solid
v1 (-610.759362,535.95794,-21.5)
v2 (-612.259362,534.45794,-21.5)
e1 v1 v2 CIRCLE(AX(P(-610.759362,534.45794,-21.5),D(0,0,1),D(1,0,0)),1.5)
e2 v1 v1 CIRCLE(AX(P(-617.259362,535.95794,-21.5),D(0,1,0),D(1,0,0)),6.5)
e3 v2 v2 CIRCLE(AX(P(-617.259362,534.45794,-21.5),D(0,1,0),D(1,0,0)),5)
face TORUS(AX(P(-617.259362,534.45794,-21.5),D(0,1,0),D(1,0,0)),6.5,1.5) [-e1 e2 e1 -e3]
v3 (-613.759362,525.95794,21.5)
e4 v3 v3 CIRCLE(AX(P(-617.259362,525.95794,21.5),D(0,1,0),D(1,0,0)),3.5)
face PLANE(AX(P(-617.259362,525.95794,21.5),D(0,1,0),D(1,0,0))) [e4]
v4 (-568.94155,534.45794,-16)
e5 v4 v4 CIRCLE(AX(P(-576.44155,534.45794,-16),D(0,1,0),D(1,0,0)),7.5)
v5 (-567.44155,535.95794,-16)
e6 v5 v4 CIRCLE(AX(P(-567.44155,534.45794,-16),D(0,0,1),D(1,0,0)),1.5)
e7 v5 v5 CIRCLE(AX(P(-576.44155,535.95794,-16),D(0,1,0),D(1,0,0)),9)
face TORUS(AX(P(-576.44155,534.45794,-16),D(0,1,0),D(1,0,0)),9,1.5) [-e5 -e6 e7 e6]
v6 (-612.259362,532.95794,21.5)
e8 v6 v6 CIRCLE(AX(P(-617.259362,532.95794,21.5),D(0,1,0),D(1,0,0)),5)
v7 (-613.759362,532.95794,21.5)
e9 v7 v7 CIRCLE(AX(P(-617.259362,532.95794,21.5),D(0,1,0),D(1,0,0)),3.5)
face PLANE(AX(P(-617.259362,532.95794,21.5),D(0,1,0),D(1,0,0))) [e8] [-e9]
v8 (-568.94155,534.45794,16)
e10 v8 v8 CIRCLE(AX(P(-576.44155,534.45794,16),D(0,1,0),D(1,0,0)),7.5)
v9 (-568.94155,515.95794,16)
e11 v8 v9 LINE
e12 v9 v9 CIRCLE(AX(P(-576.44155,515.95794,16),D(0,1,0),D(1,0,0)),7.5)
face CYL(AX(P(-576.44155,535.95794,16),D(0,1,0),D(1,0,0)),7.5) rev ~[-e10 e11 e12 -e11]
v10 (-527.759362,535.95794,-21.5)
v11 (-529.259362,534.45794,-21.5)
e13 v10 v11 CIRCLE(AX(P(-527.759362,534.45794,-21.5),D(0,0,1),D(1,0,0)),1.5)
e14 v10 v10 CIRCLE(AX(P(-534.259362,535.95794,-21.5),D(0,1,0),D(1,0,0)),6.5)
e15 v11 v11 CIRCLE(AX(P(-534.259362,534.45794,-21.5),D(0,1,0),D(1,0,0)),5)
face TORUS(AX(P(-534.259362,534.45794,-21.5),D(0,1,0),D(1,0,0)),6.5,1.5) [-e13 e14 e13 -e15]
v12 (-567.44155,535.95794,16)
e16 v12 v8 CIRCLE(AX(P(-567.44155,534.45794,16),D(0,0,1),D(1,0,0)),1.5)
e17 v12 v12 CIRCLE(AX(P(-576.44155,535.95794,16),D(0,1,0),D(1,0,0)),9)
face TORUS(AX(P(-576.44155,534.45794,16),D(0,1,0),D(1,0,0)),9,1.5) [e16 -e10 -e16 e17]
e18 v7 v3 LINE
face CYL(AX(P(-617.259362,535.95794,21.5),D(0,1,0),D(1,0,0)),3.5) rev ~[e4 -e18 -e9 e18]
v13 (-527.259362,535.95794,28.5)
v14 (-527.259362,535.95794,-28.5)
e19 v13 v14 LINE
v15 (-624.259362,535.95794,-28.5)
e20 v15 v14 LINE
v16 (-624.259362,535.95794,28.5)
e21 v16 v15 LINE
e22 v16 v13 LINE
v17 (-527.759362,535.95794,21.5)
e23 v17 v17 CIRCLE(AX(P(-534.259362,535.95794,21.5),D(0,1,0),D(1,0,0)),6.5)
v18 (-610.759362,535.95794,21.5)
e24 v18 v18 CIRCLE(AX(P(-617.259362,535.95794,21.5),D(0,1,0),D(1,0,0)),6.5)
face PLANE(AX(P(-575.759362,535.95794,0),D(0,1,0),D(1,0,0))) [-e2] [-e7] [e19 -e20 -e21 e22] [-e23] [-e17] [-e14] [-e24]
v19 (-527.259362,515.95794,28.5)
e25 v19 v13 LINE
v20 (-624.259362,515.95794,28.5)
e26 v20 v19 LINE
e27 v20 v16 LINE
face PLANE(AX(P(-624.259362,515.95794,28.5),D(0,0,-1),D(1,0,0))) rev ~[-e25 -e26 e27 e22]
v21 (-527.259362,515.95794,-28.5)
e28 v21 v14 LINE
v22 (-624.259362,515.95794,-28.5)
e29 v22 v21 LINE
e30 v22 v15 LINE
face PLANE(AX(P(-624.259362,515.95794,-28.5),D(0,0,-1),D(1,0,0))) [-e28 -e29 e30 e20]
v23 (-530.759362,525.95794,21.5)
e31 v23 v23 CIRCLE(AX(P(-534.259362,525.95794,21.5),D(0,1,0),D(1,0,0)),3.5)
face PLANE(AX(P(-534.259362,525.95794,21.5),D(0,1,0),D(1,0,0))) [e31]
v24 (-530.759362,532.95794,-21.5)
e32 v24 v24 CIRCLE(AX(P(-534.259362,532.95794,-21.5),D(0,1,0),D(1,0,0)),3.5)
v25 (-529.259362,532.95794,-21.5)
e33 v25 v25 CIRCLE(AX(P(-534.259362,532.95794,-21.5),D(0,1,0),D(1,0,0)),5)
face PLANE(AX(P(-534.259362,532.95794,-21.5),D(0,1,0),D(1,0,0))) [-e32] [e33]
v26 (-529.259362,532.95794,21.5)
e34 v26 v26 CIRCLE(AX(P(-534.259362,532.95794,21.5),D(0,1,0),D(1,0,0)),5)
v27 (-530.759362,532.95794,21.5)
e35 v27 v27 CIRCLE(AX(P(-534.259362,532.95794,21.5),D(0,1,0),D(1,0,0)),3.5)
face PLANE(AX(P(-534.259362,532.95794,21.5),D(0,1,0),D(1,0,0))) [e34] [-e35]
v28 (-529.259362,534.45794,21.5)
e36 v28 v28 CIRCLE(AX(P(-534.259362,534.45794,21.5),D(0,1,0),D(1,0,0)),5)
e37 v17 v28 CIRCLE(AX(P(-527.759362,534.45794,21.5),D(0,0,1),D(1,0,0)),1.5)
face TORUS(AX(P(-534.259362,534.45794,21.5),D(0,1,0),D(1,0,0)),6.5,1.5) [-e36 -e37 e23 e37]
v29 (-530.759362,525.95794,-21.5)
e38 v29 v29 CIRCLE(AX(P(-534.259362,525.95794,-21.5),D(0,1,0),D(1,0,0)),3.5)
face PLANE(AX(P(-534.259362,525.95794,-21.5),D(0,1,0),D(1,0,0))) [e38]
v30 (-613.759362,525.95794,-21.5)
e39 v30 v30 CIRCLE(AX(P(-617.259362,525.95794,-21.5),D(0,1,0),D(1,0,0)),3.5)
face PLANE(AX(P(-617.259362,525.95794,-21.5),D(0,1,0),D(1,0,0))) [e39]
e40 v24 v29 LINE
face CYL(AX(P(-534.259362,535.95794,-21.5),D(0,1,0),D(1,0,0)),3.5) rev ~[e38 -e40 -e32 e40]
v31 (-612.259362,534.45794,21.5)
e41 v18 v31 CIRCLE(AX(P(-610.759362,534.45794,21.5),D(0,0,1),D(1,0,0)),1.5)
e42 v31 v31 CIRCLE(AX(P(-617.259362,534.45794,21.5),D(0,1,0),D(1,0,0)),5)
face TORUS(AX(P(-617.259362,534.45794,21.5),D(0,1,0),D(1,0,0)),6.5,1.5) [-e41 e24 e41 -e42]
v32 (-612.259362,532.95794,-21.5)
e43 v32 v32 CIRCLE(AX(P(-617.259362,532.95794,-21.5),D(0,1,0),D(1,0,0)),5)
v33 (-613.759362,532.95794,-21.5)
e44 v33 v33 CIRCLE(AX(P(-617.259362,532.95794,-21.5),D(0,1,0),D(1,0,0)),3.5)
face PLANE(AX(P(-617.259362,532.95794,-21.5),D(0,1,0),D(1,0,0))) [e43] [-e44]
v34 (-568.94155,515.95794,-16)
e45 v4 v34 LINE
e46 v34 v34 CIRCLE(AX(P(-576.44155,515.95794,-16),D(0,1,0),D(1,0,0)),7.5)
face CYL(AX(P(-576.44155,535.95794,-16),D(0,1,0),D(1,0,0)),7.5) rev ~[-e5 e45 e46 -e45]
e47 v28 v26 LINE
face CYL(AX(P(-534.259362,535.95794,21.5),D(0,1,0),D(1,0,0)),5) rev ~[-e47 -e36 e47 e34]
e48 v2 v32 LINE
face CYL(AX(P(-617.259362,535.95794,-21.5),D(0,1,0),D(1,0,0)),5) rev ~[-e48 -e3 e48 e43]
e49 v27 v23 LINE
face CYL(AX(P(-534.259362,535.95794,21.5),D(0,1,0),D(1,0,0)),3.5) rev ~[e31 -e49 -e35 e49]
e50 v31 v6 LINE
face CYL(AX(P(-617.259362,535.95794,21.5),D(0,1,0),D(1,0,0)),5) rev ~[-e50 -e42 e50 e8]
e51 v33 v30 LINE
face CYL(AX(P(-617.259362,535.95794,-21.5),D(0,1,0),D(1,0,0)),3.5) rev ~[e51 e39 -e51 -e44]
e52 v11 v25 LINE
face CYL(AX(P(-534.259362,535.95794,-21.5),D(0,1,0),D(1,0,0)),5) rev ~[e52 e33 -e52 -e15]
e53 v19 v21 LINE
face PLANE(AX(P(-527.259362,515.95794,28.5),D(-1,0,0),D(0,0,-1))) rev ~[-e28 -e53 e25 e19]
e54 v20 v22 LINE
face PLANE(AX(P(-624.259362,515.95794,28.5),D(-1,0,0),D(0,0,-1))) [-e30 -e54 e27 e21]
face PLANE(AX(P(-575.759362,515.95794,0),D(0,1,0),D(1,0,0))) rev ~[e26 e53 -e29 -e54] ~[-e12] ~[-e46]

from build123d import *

# Parameters (mm, degrees)
SKETCH1_W           = 97
SKETCH1_H           = 57
BOSS_EXTRUDE1_DEPTH = 20
SKETCH2_R           = 3.5
CUT_EXTRUDE1_DEPTH  = 10
SKETCH3_R           = 5
CUT_EXTRUDE2_DEPTH  = 3
SKETCH4_R           = 7.5
CUT_EXTRUDE3_DEPTH  = 21
FILLET1_R           = 1.5


with BuildPart() as part:
    # Sketch1 → Boss-Extrude1 (new body)
    with BuildSketch(Plane(origin=(0, 515.957940224, 0), x_dir=(1, 0, 0), z_dir=(0, 1, 0))):
        with Locations((-575.759361975, 0)):
            Rectangle(SKETCH1_W, SKETCH1_H)
    extrude(amount=BOSS_EXTRUDE1_DEPTH)

    # Sketch2 → Cut-Extrude1 (cut)
    with BuildSketch(Plane(origin=(0, 535.957940224, 0), x_dir=(1, 0, 0), z_dir=(0, 1, 0))):
        with Locations((-534.259361975, 21.5)):
            Circle(SKETCH2_R)
        with Locations((-617.259361975, 21.5)):
            Circle(SKETCH2_R)
        with Locations((-534.259361975, -21.5)):
            Circle(SKETCH2_R)
        with Locations((-617.259361975, -21.5)):
            Circle(SKETCH2_R)
    extrude(amount=-CUT_EXTRUDE1_DEPTH, mode=Mode.SUBTRACT)

    # Sketch3 → Cut-Extrude2 (cut)
    with BuildSketch(Plane(origin=(0, 535.957940224, 0), x_dir=(1, 0, 0), z_dir=(0, 1, 0))):
        with Locations((-534.259361975, 21.5)):
            Circle(SKETCH3_R)
        with Locations((-617.259361975, 21.5)):
            Circle(SKETCH3_R)
        with Locations((-617.259361975, -21.5)):
            Circle(SKETCH3_R)
        with Locations((-534.259361975, -21.5)):
            Circle(SKETCH3_R)
    extrude(amount=-CUT_EXTRUDE2_DEPTH, mode=Mode.SUBTRACT)

    # Sketch4 → Cut-Extrude3 (cut, through all)
    with BuildSketch(Plane(origin=(0, 535.957940224, 0), x_dir=(1, 0, 0), z_dir=(0, 1, 0))):
        with Locations((-576.441550421, 16)):
            Circle(SKETCH4_R)
        with Locations((-576.441550421, -16)):
            Circle(SKETCH4_R)
    extrude(amount=-CUT_EXTRUDE3_DEPTH, mode=Mode.SUBTRACT)

    # Fillet1
    fillet1_edges = [part.edges().sort_by_distance(p)[0] for p in [
        (-539.259361975, 535.957940224, 21.5),
        (-622.259361975, 535.957940224, 21.5),
        (-622.259361975, 535.957940224, -21.5),
        (-539.259361975, 535.957940224, -21.5),
        (-583.941550421, 535.957940224, -16),
        (-583.941550421, 535.957940224, 16),
    ]]
    fillet(fillet1_edges, radius=FILLET1_R)


solid = part.part
